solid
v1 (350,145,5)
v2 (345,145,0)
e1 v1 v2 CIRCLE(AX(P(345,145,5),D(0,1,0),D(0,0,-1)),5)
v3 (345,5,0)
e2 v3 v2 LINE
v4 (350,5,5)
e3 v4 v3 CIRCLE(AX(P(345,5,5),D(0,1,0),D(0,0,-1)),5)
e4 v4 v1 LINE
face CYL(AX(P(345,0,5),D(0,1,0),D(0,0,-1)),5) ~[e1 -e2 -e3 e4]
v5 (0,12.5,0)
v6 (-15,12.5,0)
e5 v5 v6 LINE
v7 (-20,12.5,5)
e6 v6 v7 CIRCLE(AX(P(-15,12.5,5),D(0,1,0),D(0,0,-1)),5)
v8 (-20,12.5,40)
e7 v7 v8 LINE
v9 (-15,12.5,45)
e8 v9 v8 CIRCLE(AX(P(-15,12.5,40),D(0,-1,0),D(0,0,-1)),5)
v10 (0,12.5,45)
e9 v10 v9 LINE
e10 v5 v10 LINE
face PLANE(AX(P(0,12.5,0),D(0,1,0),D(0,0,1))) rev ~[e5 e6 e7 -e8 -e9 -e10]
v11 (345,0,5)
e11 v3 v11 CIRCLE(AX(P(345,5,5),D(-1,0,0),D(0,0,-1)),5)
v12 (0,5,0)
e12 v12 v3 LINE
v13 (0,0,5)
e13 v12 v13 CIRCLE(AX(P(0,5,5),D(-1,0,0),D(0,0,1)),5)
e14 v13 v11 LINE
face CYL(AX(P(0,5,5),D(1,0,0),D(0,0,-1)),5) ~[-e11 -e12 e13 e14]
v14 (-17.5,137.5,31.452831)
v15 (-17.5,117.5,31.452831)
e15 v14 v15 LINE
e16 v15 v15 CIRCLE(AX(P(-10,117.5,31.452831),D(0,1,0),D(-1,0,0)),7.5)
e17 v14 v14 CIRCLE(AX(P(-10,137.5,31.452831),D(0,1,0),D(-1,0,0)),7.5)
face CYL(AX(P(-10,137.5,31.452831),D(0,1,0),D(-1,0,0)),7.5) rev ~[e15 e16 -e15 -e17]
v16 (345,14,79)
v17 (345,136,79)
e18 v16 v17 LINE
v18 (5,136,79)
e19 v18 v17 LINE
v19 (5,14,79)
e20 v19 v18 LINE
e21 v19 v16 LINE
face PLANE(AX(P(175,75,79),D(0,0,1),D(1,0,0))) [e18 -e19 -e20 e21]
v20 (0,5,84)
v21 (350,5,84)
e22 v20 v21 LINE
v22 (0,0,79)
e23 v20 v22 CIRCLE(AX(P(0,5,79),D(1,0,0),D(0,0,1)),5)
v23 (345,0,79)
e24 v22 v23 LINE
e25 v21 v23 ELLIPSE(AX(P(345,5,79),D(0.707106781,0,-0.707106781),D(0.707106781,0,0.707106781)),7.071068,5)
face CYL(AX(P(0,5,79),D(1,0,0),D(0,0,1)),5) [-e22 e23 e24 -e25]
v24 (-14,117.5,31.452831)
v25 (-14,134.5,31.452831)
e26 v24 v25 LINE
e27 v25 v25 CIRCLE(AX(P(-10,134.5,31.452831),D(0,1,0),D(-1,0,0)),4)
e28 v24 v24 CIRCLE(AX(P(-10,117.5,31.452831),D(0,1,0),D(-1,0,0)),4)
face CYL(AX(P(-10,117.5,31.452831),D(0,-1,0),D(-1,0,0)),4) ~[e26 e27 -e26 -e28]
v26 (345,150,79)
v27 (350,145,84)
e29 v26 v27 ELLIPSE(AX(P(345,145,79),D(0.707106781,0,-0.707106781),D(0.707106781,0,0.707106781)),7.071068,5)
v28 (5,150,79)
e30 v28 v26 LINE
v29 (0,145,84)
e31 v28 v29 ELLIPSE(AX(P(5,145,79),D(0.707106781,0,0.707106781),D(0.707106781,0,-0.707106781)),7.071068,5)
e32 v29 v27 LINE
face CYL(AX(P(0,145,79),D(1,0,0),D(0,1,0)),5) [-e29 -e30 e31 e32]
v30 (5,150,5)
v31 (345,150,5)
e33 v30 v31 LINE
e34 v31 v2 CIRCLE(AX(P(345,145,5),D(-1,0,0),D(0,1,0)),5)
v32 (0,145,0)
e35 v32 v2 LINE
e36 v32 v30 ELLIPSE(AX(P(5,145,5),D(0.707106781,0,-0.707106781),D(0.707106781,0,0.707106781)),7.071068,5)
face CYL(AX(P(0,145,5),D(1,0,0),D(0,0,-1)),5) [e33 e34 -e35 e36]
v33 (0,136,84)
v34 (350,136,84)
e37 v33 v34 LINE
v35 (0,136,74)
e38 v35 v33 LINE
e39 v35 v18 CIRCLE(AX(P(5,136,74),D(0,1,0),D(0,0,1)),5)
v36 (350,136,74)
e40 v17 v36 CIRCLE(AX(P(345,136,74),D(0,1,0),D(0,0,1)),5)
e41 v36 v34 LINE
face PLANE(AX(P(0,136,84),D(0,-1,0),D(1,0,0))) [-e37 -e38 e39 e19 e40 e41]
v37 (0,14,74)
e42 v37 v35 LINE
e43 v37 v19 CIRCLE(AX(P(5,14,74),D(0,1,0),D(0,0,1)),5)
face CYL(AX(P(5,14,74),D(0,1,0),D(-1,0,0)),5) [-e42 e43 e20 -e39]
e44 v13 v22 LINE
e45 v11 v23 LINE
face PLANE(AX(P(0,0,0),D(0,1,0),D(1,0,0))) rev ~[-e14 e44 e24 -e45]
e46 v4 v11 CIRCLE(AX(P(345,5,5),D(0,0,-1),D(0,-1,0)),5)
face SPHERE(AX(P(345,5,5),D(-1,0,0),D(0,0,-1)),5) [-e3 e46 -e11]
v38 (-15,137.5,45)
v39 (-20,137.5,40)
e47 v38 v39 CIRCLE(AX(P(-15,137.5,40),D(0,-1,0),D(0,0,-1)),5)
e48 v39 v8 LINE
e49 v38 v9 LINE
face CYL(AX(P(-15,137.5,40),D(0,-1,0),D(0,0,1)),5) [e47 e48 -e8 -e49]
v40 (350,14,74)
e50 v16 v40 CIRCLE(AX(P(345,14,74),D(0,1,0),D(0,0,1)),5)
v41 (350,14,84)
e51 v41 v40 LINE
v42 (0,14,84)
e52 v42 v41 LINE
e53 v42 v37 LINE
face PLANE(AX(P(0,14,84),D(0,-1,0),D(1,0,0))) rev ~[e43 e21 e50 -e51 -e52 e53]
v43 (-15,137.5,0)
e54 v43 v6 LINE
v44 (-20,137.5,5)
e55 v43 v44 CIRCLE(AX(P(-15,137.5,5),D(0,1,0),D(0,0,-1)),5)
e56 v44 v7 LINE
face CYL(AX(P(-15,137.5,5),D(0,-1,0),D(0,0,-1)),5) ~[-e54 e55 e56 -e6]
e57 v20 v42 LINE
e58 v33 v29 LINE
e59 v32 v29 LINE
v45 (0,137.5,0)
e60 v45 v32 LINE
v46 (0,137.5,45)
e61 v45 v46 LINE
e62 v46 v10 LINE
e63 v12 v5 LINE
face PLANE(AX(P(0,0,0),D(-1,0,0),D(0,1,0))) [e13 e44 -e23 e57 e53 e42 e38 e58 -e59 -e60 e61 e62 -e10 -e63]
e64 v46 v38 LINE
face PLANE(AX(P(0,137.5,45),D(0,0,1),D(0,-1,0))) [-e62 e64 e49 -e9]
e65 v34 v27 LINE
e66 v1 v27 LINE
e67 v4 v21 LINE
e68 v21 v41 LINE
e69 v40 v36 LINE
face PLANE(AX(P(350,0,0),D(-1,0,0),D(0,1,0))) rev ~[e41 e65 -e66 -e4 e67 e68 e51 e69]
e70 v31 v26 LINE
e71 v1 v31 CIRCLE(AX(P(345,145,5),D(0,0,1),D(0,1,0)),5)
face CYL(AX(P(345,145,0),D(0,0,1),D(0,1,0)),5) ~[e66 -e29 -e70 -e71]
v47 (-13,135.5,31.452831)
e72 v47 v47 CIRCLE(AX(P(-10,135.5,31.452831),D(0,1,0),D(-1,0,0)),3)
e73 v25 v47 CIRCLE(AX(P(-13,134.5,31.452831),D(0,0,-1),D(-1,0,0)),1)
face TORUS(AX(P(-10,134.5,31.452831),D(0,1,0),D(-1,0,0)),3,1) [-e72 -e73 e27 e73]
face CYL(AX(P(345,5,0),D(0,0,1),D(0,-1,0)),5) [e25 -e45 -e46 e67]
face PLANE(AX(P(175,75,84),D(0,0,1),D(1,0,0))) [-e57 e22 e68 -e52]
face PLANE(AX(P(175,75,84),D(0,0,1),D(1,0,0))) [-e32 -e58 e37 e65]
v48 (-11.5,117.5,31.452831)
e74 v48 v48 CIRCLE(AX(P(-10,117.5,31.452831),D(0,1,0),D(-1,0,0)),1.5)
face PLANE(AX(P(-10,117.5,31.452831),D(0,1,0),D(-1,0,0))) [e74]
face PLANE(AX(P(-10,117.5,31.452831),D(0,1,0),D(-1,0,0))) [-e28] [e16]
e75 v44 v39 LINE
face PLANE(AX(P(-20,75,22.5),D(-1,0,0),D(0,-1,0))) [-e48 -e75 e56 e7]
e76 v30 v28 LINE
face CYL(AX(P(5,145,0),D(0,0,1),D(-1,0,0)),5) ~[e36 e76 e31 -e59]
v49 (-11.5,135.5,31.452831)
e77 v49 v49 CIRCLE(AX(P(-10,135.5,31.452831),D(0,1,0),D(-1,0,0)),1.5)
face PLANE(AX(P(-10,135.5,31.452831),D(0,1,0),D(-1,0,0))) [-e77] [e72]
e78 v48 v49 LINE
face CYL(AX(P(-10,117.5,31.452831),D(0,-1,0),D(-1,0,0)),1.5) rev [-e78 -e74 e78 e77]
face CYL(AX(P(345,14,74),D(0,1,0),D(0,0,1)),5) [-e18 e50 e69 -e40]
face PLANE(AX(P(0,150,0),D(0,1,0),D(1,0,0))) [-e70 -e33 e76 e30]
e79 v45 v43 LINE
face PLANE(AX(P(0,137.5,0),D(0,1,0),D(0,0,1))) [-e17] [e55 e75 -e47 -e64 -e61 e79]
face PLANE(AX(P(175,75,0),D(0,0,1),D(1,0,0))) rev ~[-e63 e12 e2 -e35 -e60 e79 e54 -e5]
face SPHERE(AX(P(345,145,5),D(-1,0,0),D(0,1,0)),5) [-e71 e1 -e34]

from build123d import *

# Parameters (mm, degrees)
F0_W     = 350
F0_H     = 150
F1_DEPTH = 84
F2_W     = 350
F2_H     = 122
F3_DEPTH = 5
F4_W     = 125
F4_H     = 45
F5_DEPTH = 20
F6_R     = 7.5
F7_DEPTH = 20
F8_R     = 4
F8_R_2   = 1.5
F9_DEPTH = 18
F10_R    = 5
F11_R    = 1


with BuildPart() as f1:
    # F0 (on Top) → F1 (new body)
    with BuildSketch(Plane.XY):
        with Locations((175, 75)):
            Rectangle(F0_W, F0_H)
    extrude(amount=F1_DEPTH)

    # F2 (on face) → F3 (cut)
    with BuildSketch(Plane.XY.offset(84)):
        with Locations((175, 75)):
            Rectangle(F2_W, F2_H)
    extrude(amount=-F3_DEPTH, mode=Mode.SUBTRACT)

    # F4 (on face) → F5 (join)
    with BuildSketch(Plane(origin=(0, 0, 0), x_dir=(0, -1, 0), z_dir=(-1, 0, 0))):
        with Locations((-75, 22.5)):
            Rectangle(F4_W, F4_H)
    extrude(amount=F5_DEPTH)

    # F6 (on face) → F7 (cut)
    with BuildSketch(Plane(origin=(0, 137.5, 0), x_dir=(-1, 0, 0), z_dir=(0, 1, 0))):
        with Locations((10, 31.452831)):
            Circle(F6_R)
    extrude(amount=-F7_DEPTH, mode=Mode.SUBTRACT)

    # F8 (on face) → F9 (join)
    with BuildSketch(Plane(origin=(0, 117.5, 0), x_dir=(-1, 0, 0), z_dir=(0, 1, 0))):
        with Locations((10, 31.452831)):
            Circle(F8_R)
        with Locations((10, 31.452831)):
            Circle(F8_R_2, mode=Mode.SUBTRACT)
    extrude(amount=F9_DEPTH)

    # F10
    f10_edges = [f1.edges().sort_by_distance(p)[0] for p in [
        (175, 150, 84),
        (175, 150, 0),
        (175, 0, 84),
        (175, 0, 0),
        (350, 150, 42),
        (350, 75, 0),
        (350, 75, 79),
        (350, 0, 42),
        (0, 75, 79),
        (0, 150, 42),
        (-20, 75, 45),
        (-20, 75, 0),
    ]]
    fillet(f10_edges, radius=F10_R)

    # F11
    f11_edges = [f1.edges().sort_by_distance(p)[0] for p in [
        (-6, 135.5, 31.452831),
    ]]
    fillet(f11_edges, radius=F11_R)


solid = f1.part
